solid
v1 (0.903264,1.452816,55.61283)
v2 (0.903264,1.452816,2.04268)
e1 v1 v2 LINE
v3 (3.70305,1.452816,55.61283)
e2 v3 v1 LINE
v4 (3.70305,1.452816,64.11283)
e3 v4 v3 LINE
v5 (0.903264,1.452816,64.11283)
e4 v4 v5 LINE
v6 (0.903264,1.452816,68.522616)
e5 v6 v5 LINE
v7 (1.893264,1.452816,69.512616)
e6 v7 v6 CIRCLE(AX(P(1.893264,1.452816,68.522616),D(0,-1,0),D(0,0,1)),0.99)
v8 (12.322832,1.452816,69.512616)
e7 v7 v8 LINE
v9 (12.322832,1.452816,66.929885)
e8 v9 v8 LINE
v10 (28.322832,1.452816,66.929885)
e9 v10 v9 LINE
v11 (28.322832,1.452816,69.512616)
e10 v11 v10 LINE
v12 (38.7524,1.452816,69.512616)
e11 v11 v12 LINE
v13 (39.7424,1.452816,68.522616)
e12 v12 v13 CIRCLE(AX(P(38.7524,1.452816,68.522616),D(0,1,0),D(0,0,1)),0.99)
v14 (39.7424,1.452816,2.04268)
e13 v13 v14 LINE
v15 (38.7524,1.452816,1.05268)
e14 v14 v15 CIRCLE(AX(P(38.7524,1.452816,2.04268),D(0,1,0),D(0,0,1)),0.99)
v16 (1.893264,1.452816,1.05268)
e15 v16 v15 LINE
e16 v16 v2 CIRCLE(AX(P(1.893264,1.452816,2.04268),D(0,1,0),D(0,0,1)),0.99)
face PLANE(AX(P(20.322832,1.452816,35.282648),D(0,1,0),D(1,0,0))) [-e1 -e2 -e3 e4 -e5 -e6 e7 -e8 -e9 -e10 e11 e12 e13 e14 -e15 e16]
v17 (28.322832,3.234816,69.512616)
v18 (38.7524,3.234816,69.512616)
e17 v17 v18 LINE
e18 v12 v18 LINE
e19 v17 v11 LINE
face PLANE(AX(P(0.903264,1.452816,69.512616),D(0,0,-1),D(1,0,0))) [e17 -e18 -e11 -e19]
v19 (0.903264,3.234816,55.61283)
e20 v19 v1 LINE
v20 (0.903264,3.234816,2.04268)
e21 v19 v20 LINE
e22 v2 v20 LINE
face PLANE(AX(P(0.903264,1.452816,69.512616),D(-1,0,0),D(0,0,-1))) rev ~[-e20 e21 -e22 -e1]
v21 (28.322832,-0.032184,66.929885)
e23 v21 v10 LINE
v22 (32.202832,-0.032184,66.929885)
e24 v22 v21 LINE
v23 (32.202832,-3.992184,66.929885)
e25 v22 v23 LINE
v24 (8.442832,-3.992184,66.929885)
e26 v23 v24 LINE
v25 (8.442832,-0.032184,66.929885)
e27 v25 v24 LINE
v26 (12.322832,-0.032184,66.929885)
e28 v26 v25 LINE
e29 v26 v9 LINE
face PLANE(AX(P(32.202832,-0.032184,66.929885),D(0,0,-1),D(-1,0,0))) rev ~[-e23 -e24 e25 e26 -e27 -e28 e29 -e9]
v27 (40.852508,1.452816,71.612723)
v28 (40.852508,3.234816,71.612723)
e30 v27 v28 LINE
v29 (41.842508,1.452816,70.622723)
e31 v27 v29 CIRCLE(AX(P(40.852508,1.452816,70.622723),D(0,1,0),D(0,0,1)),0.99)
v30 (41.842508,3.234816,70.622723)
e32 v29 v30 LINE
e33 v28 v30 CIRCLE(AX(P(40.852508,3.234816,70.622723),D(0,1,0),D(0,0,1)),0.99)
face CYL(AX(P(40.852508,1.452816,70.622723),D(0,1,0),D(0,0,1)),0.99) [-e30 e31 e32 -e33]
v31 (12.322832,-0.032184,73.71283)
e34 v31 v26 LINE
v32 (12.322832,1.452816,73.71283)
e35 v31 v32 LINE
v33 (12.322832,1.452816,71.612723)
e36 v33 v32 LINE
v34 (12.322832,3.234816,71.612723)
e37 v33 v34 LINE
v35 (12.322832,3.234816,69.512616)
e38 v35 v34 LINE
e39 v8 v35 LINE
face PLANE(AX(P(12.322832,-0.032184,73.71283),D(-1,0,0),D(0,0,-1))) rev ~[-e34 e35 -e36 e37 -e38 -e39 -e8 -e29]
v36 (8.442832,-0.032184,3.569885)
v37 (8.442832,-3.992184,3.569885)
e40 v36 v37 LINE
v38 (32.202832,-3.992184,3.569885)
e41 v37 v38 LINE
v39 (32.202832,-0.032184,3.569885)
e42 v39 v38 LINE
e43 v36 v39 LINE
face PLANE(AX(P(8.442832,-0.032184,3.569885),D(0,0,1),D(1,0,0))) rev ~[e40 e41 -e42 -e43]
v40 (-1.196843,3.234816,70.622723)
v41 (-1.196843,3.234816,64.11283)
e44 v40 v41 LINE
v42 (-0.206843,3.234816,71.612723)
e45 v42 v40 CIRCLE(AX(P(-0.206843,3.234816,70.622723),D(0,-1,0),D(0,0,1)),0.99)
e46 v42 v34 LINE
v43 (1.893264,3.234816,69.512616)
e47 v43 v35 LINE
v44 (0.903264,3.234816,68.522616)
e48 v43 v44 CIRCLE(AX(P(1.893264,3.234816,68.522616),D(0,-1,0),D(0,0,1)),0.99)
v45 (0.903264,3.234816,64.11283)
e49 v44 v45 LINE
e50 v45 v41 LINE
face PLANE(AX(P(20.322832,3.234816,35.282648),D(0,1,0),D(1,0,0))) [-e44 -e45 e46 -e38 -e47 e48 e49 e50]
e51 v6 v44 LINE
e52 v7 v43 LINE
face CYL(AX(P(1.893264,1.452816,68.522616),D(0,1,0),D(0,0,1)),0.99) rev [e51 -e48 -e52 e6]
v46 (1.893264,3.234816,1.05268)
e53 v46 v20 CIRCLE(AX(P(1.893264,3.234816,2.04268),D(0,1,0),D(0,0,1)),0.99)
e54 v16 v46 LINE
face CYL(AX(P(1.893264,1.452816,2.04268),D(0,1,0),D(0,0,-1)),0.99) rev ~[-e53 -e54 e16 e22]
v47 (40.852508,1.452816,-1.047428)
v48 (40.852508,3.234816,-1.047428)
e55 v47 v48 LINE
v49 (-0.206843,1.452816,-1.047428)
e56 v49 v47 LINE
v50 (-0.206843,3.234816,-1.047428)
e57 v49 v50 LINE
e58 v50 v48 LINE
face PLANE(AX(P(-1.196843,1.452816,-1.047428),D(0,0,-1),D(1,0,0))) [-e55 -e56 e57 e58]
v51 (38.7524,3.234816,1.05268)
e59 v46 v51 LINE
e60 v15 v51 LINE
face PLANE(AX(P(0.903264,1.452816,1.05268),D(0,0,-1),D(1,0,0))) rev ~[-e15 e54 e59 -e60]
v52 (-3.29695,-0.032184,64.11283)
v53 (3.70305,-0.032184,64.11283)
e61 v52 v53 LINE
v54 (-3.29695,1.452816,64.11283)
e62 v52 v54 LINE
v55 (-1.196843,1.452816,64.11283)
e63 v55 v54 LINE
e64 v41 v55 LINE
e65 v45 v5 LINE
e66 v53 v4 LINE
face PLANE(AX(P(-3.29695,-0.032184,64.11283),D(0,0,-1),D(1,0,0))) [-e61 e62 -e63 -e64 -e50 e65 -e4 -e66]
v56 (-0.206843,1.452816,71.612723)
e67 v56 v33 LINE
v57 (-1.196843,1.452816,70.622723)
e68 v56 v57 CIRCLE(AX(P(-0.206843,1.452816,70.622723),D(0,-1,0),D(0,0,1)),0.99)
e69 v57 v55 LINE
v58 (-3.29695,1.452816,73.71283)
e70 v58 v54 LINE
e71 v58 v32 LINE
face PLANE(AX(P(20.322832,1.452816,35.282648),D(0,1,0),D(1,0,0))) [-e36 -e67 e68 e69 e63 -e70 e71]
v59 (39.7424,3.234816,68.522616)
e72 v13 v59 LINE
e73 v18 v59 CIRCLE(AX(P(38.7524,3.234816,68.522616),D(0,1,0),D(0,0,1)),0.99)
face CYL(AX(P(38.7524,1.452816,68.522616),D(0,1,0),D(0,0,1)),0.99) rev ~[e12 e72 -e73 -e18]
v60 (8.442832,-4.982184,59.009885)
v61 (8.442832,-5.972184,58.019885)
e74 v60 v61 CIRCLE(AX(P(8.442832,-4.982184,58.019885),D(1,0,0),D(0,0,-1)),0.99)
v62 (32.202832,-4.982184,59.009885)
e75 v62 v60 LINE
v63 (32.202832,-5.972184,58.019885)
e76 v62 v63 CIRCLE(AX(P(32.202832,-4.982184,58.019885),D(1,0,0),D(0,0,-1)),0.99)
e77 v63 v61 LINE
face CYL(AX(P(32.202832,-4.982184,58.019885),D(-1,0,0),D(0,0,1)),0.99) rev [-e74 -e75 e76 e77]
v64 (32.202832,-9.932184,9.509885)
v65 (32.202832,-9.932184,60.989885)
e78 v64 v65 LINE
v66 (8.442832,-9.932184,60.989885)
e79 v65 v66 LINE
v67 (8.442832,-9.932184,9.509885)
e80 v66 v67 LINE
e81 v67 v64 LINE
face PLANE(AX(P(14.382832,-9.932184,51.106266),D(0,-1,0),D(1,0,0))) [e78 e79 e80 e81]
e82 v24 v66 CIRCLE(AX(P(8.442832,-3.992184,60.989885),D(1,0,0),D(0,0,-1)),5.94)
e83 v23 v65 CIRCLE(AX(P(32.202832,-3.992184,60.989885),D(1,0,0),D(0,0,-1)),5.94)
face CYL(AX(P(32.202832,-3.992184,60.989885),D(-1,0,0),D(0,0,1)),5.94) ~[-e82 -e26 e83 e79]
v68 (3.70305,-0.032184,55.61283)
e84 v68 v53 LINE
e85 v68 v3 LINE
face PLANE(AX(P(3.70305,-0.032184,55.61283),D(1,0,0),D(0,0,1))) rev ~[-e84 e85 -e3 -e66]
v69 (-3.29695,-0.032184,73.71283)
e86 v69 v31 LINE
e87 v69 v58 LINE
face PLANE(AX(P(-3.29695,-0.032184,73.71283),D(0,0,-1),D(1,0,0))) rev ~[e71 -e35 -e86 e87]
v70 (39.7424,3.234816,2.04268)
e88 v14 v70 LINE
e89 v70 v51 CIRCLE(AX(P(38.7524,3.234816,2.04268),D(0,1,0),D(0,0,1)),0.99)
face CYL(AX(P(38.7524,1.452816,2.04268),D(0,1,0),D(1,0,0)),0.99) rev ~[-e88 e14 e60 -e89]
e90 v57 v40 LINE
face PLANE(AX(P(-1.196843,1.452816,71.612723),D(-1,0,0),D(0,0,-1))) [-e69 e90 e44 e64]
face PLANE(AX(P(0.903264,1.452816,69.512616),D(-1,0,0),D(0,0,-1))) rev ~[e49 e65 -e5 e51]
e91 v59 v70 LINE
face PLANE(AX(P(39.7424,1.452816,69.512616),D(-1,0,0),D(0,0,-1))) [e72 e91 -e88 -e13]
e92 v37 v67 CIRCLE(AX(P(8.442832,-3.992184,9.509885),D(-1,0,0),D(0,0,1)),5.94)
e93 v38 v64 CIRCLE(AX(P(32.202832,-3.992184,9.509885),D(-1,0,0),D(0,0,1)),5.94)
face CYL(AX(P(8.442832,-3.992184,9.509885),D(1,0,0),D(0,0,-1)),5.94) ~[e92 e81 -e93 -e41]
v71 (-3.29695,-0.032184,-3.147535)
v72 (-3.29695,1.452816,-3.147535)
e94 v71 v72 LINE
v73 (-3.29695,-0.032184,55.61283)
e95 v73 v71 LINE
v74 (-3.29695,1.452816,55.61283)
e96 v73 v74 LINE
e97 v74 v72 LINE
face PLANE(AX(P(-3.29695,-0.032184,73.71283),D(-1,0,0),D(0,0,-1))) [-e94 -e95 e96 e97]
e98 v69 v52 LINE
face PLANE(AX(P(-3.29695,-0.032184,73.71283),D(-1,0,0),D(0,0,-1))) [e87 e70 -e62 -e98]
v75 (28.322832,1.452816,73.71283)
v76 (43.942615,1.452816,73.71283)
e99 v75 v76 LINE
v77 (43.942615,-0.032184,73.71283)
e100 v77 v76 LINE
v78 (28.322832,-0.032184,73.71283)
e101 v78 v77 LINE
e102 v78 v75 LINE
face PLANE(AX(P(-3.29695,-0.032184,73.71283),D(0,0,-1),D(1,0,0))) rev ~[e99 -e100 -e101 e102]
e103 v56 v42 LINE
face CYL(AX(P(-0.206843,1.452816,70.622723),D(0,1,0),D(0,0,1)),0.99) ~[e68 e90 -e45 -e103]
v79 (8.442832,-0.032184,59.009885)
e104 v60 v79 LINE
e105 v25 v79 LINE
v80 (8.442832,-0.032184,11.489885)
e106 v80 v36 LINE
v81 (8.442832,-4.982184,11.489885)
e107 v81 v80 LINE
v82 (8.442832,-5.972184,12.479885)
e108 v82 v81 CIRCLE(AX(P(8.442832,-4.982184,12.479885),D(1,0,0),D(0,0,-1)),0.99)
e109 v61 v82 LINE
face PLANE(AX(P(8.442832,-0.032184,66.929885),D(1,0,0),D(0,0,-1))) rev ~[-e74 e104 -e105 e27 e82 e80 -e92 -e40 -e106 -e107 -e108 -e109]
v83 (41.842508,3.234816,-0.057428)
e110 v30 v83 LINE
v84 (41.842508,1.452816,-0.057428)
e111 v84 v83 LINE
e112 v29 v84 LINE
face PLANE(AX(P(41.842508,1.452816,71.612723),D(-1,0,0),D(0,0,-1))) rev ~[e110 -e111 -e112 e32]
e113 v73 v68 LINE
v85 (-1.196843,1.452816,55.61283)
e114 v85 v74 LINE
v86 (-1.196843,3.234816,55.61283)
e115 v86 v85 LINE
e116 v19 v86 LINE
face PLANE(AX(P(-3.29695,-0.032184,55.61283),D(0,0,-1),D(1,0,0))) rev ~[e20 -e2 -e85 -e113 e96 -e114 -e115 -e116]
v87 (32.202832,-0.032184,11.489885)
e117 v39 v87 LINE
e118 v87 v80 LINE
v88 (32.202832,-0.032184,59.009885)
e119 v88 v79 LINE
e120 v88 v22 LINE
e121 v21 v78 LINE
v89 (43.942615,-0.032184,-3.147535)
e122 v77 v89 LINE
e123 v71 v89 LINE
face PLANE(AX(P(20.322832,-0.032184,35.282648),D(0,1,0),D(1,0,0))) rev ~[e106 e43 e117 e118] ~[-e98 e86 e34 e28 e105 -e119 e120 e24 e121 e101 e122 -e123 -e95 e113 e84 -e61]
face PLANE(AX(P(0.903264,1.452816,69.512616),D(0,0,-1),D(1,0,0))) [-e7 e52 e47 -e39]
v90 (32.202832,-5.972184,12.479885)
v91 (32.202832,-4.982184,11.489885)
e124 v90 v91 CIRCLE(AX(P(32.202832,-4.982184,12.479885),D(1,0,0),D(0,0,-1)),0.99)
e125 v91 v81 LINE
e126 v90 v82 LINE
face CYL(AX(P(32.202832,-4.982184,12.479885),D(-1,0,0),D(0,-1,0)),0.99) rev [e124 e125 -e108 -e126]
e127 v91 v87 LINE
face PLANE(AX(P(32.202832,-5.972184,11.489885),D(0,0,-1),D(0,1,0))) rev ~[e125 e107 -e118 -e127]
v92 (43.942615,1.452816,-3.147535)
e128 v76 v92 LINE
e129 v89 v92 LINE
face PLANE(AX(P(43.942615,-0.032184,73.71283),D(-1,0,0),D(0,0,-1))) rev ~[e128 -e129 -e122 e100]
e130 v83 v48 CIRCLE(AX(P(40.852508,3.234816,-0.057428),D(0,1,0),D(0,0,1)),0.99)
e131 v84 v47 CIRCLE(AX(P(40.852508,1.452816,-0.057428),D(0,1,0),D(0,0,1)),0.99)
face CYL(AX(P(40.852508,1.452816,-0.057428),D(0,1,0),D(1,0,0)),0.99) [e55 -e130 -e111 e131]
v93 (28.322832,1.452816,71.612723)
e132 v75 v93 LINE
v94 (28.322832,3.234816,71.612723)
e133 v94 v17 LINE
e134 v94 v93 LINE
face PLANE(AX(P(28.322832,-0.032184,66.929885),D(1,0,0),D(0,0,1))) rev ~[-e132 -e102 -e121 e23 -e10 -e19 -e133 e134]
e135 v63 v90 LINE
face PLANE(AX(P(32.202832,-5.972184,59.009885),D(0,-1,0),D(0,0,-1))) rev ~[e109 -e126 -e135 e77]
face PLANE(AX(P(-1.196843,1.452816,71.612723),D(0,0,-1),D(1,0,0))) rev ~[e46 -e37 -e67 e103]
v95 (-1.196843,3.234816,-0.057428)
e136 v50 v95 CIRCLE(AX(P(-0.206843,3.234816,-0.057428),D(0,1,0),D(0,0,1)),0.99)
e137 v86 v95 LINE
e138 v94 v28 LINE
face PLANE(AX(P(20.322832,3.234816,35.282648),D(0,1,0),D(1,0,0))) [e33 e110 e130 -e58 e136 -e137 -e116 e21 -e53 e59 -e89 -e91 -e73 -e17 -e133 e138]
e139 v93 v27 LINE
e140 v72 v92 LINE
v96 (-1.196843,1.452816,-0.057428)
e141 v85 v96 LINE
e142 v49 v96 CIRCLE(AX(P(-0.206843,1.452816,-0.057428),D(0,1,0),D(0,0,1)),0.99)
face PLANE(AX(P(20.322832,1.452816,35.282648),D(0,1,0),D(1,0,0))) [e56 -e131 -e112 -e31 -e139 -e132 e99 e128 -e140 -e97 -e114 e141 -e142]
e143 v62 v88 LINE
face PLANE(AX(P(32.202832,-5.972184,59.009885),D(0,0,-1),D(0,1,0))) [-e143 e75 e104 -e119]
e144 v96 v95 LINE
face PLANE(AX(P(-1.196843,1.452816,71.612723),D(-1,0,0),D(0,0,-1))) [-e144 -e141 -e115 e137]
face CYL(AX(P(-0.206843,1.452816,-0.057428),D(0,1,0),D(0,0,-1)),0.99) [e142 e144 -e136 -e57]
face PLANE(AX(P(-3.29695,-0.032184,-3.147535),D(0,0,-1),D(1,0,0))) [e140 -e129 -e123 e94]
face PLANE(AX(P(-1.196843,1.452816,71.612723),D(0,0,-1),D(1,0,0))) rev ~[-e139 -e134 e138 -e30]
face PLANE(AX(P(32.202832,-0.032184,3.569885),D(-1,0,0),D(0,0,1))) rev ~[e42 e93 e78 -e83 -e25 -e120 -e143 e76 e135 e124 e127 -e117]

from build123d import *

# Parameters (mm, degrees)
PCB_DIMENSIONS_W    = 47.716732244
PCB_DIMENSIONS_H    = 77.636732244
BOSS_EXTRUDE3_DEPTH = 1.5
SKETCH5_W           = 43.474091557
SKETCH5_H           = 73.394091557
SKETCH5_W_2         = 39.23145087
SKETCH5_H_2         = 69.15145087
BOSS_EXTRUDE4_DEPTH = 1.8
FILLET1_R           = 1
SKETCH6_W           = 12
SKETCH6_H           = 31.966906412
SKETCH6_H_2         = 32.033093588
BOSS_EXTRUDE5_DEPTH = 10
SKETCH7_W           = 48
SKETCH7_H           = 6
CUT_EXTRUDE1_DEPTH  = 24
FILLET2_R           = 6
FILLET3_R           = 1
SCALE1_SCALE        = 0.99
CUT_EXTRUDE2_DEPTH  = 10
SKETCH9_W           = 7
SKETCH9_H           = 8.5
CUT_EXTRUDE3_DEPTH  = 10


with BuildPart() as part:
    # PCB Dimensions → Boss-Extrude3 (new body)
    with BuildSketch(Plane(origin=(0, 0, 0), x_dir=(1, 0, 0), z_dir=(0, 1, 0))):
        with Locations((20.322832216, -35.282832216)):
            Rectangle(PCB_DIMENSIONS_W, PCB_DIMENSIONS_H)
    extrude(amount=BOSS_EXTRUDE3_DEPTH)

    # Sketch5 → Boss-Extrude4 (add)
    with BuildSketch(Plane(origin=(0, 1.5, 0), x_dir=(1, 0, 0), z_dir=(0, 1, 0))):
        with Locations((20.322832217, -35.282832217)):
            Rectangle(SKETCH5_W, SKETCH5_H)
        with Locations((20.322832216, -35.282832216)):
            Rectangle(SKETCH5_W_2, SKETCH5_H_2, mode=Mode.SUBTRACT)
    extrude(amount=BOSS_EXTRUDE4_DEPTH)

    # Fillet1
    fillet1_edges = [part.edges().sort_by_distance(p)[0] for p in [
        (-1.414213562, 2.4, -1.414213562),
        (-1.414213562, 2.4, 71.979877995),
        (42.059877995, 2.4, 71.979877995),
        (42.059877995, 2.4, -1.414213562),
        (0.707106781, 2.4, 0.707106781),
        (0.707106781, 2.4, 69.858557651),
        (39.938557651, 2.4, 69.858557651),
        (39.938557651, 2.4, 0.707106781),
    ]]
    fillet(fillet1_edges, radius=FILLET1_R)

    # Sketch6 → Boss-Extrude5 (add)
    with BuildSketch(Plane.XZ):
        with Locations((14.322832216, 51.266285422)):
            Rectangle(SKETCH6_W, SKETCH6_H)
        with Locations((26.322832216, 51.266285422)):
            Rectangle(SKETCH6_W, SKETCH6_H)
        with Locations((14.322832216, 19.266285422)):
            Rectangle(SKETCH6_W, SKETCH6_H_2)
        with Locations((26.322832216, 19.266285422)):
            Rectangle(SKETCH6_W, SKETCH6_H_2)
    extrude(amount=BOSS_EXTRUDE5_DEPTH)

    # Sketch7 → Cut-Extrude1 (cut)
    with BuildSketch(Plane(origin=(32.322832216, 0, 0), x_dir=(0, 0, -1), z_dir=(1, 0, 0))):
        with Locations((-35.249738628, -3)):
            Rectangle(SKETCH7_W, SKETCH7_H)
    extrude(amount=-CUT_EXTRUDE1_DEPTH, mode=Mode.SUBTRACT)

    # Fillet2
    fillet2_edges = [part.edges().sort_by_distance(p)[0] for p in [
        (20.322832216, -10, 67.249738628),
        (20.322832216, -10, 3.249738628),
    ]]
    fillet(fillet2_edges, radius=FILLET2_R)

    # Fillet3
    fillet3_edges = [part.edges().sort_by_distance(p)[0] for p in [
        (20.322832216, -6, 59.249738628),
        (20.322832216, -6, 11.249738628),
    ]]
    fillet(fillet3_edges, radius=FILLET3_R)


with BuildPart() as part_1:
    # Scale1: scaled about (20.322832216, -3.218350849, 35.264379677)
    add(part.part.scale(SCALE1_SCALE).moved(Location((0.203228322, -0.032183508, 0.352643797))))

    # Sketch8 → Cut-Extrude2 (cut)
    with BuildSketch(Plane.XZ.offset(0.032183508)):
        Polygon((20.322832216, 73.712830152), (12.322832216, 73.712830152), (12.322832216, 66.929885038), (28.322832216, 66.929885038), (28.322832216, 73.712830152), align=None)
    extrude(amount=-CUT_EXTRUDE2_DEPTH, mode=Mode.SUBTRACT)

    # Sketch9 → Cut-Extrude3 (cut)
    with BuildSketch(Plane.XZ.offset(0.032183508)):
        with Locations((0.203049755, 59.862830152)):
            Rectangle(SKETCH9_W, SKETCH9_H)
    extrude(amount=-CUT_EXTRUDE3_DEPTH, mode=Mode.SUBTRACT)


solid = part_1.part
